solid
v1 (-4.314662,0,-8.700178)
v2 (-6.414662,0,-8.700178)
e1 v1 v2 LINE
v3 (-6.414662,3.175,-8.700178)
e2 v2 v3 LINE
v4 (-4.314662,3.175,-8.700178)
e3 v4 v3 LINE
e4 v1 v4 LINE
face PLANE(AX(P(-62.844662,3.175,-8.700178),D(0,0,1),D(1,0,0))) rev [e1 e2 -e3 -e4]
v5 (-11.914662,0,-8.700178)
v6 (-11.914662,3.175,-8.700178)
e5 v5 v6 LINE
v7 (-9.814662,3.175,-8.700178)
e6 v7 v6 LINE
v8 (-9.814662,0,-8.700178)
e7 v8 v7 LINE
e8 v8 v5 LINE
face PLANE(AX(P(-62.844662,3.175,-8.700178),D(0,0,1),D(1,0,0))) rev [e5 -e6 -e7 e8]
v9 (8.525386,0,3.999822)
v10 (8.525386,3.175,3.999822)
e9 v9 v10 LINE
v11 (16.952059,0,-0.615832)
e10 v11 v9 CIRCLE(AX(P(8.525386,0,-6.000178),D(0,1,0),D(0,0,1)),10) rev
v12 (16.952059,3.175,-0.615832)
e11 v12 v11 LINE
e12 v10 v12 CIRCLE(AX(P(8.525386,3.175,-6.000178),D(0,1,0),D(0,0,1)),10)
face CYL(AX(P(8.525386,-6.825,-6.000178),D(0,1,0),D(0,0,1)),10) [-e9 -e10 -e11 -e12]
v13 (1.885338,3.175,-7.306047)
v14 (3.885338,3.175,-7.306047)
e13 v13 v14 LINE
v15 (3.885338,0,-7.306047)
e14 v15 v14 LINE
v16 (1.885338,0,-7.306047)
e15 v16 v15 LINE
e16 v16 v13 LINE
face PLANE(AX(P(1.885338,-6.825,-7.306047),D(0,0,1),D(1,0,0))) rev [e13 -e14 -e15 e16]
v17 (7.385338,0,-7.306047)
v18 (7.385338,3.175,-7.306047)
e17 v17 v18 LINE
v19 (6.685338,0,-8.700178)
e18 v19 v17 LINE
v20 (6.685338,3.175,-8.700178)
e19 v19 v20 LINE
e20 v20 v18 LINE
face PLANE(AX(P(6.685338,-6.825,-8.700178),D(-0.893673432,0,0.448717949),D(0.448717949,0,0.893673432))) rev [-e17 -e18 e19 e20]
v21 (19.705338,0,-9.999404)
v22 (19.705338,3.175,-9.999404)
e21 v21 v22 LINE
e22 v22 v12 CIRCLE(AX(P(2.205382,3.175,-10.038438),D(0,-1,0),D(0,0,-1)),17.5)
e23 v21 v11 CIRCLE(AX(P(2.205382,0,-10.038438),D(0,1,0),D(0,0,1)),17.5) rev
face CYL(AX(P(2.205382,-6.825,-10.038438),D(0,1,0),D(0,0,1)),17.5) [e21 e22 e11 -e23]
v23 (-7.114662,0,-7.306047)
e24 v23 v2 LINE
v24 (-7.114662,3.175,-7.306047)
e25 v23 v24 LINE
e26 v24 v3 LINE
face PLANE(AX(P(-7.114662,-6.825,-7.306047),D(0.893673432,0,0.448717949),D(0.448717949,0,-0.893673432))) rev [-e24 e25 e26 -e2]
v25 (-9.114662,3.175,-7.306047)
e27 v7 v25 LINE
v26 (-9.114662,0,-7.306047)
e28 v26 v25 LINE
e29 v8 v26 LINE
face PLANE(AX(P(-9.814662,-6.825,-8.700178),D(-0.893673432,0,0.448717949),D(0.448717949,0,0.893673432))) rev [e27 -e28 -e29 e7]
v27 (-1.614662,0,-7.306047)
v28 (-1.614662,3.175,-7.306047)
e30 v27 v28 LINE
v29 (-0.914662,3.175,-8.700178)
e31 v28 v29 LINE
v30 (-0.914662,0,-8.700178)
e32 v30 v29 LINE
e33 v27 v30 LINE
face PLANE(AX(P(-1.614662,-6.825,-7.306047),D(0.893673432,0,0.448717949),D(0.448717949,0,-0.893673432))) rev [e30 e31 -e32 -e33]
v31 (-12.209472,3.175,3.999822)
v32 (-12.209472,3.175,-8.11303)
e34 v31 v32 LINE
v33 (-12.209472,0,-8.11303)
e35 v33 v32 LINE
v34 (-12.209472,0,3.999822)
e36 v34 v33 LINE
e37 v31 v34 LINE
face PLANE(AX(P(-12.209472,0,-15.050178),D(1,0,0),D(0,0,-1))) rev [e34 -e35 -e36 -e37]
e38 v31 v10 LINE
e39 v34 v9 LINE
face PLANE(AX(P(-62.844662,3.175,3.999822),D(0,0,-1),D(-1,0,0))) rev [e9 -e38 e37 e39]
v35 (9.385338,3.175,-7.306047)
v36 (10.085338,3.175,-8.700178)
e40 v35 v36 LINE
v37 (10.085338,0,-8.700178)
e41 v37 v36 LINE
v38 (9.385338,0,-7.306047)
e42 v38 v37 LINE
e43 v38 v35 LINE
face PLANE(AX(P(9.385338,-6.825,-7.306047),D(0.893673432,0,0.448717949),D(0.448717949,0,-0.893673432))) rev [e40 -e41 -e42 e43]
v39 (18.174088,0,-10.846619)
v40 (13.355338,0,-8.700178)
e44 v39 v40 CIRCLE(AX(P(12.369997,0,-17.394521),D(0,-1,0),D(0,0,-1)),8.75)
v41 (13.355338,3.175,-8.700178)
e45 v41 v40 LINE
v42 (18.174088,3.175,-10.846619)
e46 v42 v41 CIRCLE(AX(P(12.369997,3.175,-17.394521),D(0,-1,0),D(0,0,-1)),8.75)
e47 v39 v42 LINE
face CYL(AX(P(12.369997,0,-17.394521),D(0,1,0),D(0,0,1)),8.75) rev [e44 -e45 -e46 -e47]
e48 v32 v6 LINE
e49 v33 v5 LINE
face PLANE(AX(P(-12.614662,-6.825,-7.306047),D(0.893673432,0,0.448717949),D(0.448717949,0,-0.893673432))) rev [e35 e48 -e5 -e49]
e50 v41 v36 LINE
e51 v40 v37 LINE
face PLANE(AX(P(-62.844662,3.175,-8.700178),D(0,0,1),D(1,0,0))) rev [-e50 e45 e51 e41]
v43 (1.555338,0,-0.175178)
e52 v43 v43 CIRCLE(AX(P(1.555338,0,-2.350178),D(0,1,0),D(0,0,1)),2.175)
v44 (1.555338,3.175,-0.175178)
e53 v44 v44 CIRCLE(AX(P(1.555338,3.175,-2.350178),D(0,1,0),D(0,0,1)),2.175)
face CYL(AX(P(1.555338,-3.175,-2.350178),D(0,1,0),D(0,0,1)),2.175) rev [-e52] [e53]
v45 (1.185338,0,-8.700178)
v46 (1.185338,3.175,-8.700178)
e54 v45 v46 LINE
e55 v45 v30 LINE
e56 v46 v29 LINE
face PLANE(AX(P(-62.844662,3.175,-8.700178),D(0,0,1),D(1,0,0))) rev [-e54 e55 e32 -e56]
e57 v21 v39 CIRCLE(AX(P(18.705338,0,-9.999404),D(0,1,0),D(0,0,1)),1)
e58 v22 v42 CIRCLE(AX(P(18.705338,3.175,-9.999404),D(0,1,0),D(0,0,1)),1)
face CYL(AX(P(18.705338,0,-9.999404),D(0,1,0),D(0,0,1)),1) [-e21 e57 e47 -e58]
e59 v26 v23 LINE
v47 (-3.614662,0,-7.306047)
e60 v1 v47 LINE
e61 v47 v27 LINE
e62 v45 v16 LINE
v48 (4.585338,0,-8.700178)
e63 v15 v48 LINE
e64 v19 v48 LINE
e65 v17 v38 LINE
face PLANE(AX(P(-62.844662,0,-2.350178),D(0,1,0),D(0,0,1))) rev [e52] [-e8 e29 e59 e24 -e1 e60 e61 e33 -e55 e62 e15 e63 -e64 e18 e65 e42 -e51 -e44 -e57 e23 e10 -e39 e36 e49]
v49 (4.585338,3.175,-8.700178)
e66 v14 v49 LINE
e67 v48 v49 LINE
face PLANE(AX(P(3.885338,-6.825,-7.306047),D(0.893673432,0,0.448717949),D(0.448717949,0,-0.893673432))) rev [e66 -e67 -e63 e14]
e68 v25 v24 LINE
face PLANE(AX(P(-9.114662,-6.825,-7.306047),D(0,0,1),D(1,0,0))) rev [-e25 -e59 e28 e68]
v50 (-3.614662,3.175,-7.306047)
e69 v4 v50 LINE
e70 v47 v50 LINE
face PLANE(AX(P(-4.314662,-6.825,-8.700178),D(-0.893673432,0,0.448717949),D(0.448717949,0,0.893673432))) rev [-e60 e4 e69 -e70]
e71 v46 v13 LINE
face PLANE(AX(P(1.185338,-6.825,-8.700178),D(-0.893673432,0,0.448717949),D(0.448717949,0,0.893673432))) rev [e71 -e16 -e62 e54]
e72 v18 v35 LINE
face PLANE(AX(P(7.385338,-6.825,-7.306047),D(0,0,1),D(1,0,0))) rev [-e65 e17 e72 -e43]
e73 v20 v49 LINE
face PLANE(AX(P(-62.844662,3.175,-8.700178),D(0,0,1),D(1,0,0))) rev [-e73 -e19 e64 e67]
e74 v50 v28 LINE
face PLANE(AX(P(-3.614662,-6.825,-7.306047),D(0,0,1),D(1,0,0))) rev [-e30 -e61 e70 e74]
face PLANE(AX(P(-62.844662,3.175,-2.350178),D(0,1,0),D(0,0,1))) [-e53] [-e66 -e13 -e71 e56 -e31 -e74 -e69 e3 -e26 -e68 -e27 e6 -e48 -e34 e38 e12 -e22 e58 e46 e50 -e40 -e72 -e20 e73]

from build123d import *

# Parameters (mm, degrees)
BOSS_EXTRUDE1_DEPTH = 3.175
SKETCH2_R           = 2.175
CUT_EXTRUDE2_DEPTH  = 6.35
BOSS_EXTRUDE2_DEPTH = 3.175
CUT_EXTRUDE3_DEPTH  = 10
FILLET1_R           = 10
CUT_EXTRUDE4_DEPTH  = 10
SKETCH6_W           = 56.98519
SKETCH6_H           = 25.4
CUT_EXTRUDE5_DEPTH  = 71.135360158


with BuildPart() as part:
    # Sketch1 → Boss-Extrude1 (new body)
    with BuildSketch(Plane(origin=(0, 0, 0), x_dir=(1, 0, 0), z_dir=(0, 1, 0))):
        with BuildLine():
            Line((-62.844661922, 8.700177936), (13.355338078, 8.700177936))
            ThreePointArc((13.355338078, 8.700177936), (19.705338078, 2.350177936), (13.355338078, -3.999822064))
            Line((13.355338078, -3.999822064), (-62.844661922, -3.999822064))
            ThreePointArc((-62.844661922, -3.999822064), (-69.194661922, 2.350177936), (-62.844661922, 8.700177936))
        make_face()
    extrude(amount=BOSS_EXTRUDE1_DEPTH)

    # Sketch2 → Cut-Extrude2 (cut)
    with BuildSketch(Plane(origin=(0, 3.175, 0), x_dir=(1, 0, 0), z_dir=(0, 1, 0))):
        with Locations(Location((-62.844661922, 2.350177936, 0), (0, 0, 270))):
            Circle(SKETCH2_R)
        with Locations(Location((-31.094661922, 2.350177936, 0), (0, 0, 270))):
            Circle(SKETCH2_R)
        with Locations(Location((1.555338078, 2.350177936, 0), (0, 0, 270))):
            Circle(SKETCH2_R)
    extrude(amount=-CUT_EXTRUDE2_DEPTH, mode=Mode.SUBTRACT)

    # Sketch3 → Boss-Extrude2 (add)
    with BuildSketch(Plane(origin=(0, 3.175, 0), x_dir=(1, 0, 0), z_dir=(0, 1, 0))):
        with BuildLine():
            Line((13.355338078, 8.700177936), (13.355338078, 2.350177936))
            Line((13.355338078, 2.350177936), (19.705338078, 2.350177936))
            Line((19.705338078, 2.350177936), (19.705338078, 9.999403669))
            ThreePointArc((19.705338078, 9.999403669), (19.189460997, 10.874403669), (18.174088078, 10.846618776))
            ThreePointArc((18.174088078, 10.846618776), (15.930319915, 9.401611756), (13.355338078, 8.700177936))
        make_face()
    extrude(amount=-BOSS_EXTRUDE2_DEPTH)

    # Sketch4 → Cut-Extrude3 (cut)
    with BuildSketch(Plane(origin=(0, 3.175, 0), x_dir=(1, 0, 0), z_dir=(0, 1, 0))):
        with BuildLine():
            Line((19.705338078, 9.999403669), (19.705338078, -6.000596331))
            Line((19.705338078, -6.000596331), (9.205338078, -6.000596331))
            ThreePointArc((9.205338078, -6.000596331), (16.836220051, 0.436949875), (19.705338078, 9.999403669))
        make_face()
    extrude(amount=-CUT_EXTRUDE3_DEPTH, mode=Mode.SUBTRACT)

    # Fillet1
    fillet1_edges = [part.edges().sort_by_distance(p)[0] for p in [
        (12.654174153, 1.5875, 3.999822064),
    ]]
    fillet(fillet1_edges, radius=FILLET1_R)

    # Sketch5 → Cut-Extrude4 (cut)
    with BuildSketch(Plane(origin=(0, 3.175, 0), x_dir=(1, 0, 0), z_dir=(0, 1, 0))):
        Polygon((-4.314661922, 8.700177936), (-0.914661922, 8.700177936), (-1.614661922, 7.306047383), (-3.614661922, 7.306047383), align=None)
        Polygon((-9.814661922, 8.700177936), (-9.114661922, 7.306047383), (-7.114661922, 7.306047383), (-6.414661922, 8.700177936), align=None)
        Polygon((1.185338078, 8.700177936), (4.585338078, 8.700177936), (3.885338078, 7.306047383), (1.885338078, 7.306047383), align=None)
        Polygon((6.685338078, 8.700177936), (10.085338078, 8.700177936), (9.385338078, 7.306047383), (7.385338078, 7.306047383), align=None)
        Polygon((-15.314661922, 8.700177936), (-11.914661922, 8.700177936), (-12.614661922, 7.306047383), (-14.614661922, 7.306047383), align=None)
        Polygon((-20.814661922, 8.700177936), (-17.414661922, 8.700177936), (-18.114661922, 7.306047383), (-20.114661922, 7.306047383), align=None)
        Polygon((-26.314661922, 8.700177936), (-22.914661922, 8.700177936), (-23.614661922, 7.306047383), (-25.614661922, 7.306047383), align=None)
    extrude(amount=-CUT_EXTRUDE4_DEPTH, mode=Mode.SUBTRACT)

    # Sketch6 → Cut-Extrude5 (cut, through all)
    with BuildSketch(Plane(origin=(0, 3.175, 0), x_dir=(1, 0, 0), z_dir=(0, 1, 0))):
        with Locations((-40.702066922, 2.350177936)):
            Rectangle(SKETCH6_W, SKETCH6_H)
    extrude(amount=-CUT_EXTRUDE5_DEPTH, mode=Mode.SUBTRACT)


solid = part.part
